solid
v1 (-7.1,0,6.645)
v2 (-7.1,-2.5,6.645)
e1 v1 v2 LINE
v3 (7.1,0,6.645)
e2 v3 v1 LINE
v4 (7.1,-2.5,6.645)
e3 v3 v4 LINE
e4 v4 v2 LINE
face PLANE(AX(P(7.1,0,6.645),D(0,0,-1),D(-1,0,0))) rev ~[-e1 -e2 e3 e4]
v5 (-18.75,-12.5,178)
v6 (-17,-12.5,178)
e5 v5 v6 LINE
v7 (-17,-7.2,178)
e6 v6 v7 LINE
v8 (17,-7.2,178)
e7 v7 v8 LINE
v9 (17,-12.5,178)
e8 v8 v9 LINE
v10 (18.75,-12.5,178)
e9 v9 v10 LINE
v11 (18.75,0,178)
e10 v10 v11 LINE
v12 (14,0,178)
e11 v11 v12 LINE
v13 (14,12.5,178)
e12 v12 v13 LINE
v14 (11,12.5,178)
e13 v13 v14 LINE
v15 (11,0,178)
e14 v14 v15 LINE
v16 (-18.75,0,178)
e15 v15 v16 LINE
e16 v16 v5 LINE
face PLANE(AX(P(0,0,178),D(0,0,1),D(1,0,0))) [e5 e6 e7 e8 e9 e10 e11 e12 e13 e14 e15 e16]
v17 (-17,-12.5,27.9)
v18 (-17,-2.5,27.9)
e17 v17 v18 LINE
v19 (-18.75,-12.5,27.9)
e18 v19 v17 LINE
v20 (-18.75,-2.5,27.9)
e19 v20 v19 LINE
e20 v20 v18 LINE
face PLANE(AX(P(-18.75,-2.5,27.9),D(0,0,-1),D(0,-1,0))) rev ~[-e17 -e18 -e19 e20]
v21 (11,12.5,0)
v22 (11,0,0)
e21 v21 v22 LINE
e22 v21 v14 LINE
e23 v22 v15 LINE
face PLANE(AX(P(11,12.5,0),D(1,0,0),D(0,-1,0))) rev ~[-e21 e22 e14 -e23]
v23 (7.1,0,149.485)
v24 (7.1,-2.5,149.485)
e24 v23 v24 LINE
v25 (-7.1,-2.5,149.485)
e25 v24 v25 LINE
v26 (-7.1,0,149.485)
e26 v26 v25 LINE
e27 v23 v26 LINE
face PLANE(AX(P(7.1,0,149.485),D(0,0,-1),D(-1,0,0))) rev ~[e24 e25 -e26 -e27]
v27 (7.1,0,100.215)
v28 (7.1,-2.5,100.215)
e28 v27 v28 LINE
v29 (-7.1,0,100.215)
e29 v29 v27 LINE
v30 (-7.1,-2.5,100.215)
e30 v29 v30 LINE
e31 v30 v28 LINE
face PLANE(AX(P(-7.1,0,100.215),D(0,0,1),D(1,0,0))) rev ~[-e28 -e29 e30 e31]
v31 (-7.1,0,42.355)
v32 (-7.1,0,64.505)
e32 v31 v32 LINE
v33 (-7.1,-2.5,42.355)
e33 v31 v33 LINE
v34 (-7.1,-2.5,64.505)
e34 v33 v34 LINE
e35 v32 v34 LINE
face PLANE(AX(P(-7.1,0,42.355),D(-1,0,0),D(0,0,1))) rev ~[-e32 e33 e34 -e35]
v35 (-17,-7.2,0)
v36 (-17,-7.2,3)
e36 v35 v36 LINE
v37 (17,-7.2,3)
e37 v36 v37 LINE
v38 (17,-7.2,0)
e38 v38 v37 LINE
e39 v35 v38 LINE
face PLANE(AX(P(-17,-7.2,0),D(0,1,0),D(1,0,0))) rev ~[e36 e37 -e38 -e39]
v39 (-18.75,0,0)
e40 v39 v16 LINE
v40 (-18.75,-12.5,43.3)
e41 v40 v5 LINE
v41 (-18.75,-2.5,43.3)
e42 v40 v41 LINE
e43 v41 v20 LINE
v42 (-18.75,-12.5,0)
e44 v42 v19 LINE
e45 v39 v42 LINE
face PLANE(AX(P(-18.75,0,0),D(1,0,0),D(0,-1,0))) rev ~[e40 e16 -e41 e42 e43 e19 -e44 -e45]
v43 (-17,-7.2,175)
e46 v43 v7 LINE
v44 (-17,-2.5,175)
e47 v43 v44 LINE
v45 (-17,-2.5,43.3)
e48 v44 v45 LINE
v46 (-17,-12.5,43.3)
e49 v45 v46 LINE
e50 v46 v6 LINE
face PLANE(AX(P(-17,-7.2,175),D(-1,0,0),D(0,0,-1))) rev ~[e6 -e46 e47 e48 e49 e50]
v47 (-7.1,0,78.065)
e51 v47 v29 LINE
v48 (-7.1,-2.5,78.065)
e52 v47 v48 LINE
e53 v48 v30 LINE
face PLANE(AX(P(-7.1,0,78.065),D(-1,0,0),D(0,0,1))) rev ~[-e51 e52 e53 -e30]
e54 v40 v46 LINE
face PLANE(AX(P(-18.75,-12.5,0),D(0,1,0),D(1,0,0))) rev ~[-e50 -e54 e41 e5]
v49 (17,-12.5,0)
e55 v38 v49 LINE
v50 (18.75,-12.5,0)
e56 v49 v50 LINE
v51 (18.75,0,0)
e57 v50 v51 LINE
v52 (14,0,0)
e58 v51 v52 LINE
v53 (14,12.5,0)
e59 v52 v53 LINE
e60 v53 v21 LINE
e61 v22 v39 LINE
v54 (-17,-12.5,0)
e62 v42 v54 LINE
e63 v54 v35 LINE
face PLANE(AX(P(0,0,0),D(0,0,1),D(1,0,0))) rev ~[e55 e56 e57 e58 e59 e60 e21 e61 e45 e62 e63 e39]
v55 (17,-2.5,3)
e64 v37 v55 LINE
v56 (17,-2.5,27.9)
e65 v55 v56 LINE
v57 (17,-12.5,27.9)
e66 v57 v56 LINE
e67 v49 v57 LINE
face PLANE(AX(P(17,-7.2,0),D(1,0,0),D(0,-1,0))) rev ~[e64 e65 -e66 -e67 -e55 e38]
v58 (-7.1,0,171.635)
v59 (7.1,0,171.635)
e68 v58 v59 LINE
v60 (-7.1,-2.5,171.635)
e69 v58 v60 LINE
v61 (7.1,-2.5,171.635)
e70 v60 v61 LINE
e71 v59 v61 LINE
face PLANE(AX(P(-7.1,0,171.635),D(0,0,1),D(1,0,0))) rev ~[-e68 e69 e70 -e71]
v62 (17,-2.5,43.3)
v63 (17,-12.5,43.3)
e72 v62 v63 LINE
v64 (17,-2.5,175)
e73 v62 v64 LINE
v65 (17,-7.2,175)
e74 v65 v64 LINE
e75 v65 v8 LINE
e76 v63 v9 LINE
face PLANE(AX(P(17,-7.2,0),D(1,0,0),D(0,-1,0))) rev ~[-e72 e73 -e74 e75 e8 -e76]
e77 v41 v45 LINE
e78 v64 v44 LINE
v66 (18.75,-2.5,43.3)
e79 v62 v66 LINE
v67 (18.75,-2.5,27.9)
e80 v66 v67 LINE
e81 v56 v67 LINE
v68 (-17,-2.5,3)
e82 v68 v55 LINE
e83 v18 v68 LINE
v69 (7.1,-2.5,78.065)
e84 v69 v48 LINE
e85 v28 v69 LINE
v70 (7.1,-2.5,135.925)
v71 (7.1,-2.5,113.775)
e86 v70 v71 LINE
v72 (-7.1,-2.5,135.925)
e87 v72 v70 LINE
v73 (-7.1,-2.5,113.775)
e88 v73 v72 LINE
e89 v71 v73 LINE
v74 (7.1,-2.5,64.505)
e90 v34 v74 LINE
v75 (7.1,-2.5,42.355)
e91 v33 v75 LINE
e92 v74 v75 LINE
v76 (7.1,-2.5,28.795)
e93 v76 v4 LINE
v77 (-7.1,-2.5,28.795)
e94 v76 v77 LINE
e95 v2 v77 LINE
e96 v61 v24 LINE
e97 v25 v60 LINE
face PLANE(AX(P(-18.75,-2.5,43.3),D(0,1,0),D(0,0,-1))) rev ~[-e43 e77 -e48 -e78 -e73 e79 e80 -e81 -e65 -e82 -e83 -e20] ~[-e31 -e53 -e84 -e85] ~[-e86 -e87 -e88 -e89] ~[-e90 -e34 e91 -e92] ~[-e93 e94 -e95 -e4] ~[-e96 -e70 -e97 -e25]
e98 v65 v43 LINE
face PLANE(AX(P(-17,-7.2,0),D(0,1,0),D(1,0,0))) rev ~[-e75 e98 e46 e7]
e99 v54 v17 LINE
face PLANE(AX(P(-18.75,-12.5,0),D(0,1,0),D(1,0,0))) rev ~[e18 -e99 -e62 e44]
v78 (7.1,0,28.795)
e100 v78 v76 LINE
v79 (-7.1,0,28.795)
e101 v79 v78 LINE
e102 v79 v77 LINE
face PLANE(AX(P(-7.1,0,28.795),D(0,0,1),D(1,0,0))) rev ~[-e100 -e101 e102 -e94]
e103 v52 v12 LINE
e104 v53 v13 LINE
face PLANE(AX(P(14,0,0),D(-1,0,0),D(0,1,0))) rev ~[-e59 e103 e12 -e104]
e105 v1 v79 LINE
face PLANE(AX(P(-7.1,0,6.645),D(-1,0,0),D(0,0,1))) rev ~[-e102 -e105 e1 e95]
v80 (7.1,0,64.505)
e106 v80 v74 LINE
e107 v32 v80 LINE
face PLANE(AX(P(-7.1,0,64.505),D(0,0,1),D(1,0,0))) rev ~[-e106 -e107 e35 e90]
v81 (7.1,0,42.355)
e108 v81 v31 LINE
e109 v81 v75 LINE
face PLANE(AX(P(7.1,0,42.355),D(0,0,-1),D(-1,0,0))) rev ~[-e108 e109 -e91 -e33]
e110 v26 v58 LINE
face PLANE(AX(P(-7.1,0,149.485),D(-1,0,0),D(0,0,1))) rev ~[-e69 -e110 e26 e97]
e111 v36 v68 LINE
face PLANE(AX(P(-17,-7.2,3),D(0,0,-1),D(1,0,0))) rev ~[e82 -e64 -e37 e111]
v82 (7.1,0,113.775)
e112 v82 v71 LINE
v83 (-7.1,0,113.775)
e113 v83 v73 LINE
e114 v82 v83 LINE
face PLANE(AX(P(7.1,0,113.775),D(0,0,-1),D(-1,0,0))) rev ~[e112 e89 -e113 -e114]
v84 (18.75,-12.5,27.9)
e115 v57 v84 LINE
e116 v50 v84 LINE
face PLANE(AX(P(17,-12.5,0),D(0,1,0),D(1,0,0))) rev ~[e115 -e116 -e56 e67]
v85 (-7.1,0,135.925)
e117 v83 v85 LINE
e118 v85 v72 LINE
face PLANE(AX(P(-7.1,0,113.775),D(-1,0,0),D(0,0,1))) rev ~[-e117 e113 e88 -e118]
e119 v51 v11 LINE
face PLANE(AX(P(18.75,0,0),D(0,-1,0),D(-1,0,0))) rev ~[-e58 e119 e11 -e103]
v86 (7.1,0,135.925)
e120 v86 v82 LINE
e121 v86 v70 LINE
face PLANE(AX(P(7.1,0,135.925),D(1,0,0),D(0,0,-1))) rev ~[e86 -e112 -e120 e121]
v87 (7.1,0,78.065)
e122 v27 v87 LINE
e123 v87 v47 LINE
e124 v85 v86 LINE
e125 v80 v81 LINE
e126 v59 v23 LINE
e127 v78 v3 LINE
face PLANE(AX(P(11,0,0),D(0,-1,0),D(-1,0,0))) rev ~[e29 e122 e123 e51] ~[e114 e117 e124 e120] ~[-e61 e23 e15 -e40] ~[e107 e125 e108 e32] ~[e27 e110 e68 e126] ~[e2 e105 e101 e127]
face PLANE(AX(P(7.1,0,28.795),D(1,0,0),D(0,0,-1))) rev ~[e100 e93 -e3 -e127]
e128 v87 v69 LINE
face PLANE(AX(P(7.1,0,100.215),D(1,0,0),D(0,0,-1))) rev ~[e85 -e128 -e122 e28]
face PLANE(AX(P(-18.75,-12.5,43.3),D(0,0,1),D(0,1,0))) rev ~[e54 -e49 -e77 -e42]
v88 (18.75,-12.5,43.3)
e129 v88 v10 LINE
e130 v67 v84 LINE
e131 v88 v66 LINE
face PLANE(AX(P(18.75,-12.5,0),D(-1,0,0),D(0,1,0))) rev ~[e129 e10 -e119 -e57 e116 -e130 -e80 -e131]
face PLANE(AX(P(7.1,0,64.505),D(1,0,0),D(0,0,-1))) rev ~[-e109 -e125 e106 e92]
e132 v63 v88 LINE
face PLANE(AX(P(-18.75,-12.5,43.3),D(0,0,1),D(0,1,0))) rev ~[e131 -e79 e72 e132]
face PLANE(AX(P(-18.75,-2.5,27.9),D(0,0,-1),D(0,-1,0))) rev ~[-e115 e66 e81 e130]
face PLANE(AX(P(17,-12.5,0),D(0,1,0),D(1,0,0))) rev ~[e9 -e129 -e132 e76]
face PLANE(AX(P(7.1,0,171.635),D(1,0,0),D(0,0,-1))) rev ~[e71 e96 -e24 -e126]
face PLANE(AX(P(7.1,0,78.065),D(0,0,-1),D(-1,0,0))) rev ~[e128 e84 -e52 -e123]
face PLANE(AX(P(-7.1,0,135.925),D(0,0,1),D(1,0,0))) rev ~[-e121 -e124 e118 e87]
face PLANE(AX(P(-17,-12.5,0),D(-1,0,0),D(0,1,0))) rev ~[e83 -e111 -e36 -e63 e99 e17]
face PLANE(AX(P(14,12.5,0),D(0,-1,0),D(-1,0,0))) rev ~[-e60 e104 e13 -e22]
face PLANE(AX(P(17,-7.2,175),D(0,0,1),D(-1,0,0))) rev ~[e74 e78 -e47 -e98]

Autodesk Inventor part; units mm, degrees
sketch "Sketch_1" plane through (0, 0, 0) normal (0, 0, 1) x (1, 0, 0)
  line L0 (-18.75, -12.5) -> (-17, -12.5)
  line L1 (-17, -12.5) -> (-17, -7.2)
  line L2 (-17, -7.2) -> (17, -7.2)
  line L3 (17, -7.2) -> (17, -12.5)
  line L4 (17, -12.5) -> (18.75, -12.5)
  line L5 (18.75, -12.5) -> (18.75, 0)
  line L6 (18.75, 0) -> (14, 0)
  line L7 (14, 0) -> (14, 12.5)
  line L8 (14, 12.5) -> (11, 12.5)
  line L9 (11, 12.5) -> (11, 0)
  line L10 (11, 0) -> (-18.75, 0)
  line L11 (-18.75, 0) -> (-18.75, -12.5)
extrude "Extrusion1" add sketch "Sketch_1" along normal blind 178
sketch "Sketch_2" plane through (-18.75, 0, 0) normal (0, 1, 0) x (0, 0, 1)
  line L0 (6.645, 11.65) -> (28.795, 11.65)
  line L1 (28.795, 11.65) -> (28.795, 25.85)
  line L2 (28.795, 25.85) -> (6.645, 25.85)
  line L3 (6.645, 25.85) -> (6.645, 11.65)
extrude "Extrusion2" cut sketch "Sketch_2" against normal blind 8
sketch "Sketch_3" plane through (-18.75, 0, 0) normal (0, 1, 0) x (0, 0, 1)
  line L0 (42.355, 25.85) -> (42.355, 11.65)
  line L1 (42.355, 11.65) -> (64.505, 11.65)
  line L2 (64.505, 11.65) -> (64.505, 25.85)
  line L3 (64.505, 25.85) -> (42.355, 25.85)
extrude "Extrusion3" cut sketch "Sketch_3" against normal blind 8
sketch "Sketch_4" plane through (-18.75, 0, 0) normal (0, 1, 0) x (0, 0, 1)
  line L0 (78.065, 11.65) -> (100.215, 11.65)
  line L1 (100.215, 11.65) -> (100.215, 25.85)
  line L2 (100.215, 25.85) -> (78.065, 25.85)
  line L3 (78.065, 25.85) -> (78.065, 11.65)
extrude "Extrusion4" cut sketch "Sketch_4" against normal blind 8
sketch "Sketch_5" plane through (-18.75, 0, 0) normal (0, 1, 0) x (0, 0, 1)
  line L0 (113.775, 25.85) -> (113.775, 11.65)
  line L1 (113.775, 11.65) -> (135.925, 11.65)
  line L2 (135.925, 11.65) -> (135.925, 25.85)
  line L3 (135.925, 25.85) -> (113.775, 25.85)
extrude "Extrusion5" cut sketch "Sketch_5" against normal blind 8
sketch "Sketch_6" plane through (-18.75, 0, 0) normal (0, 1, 0) x (0, 0, 1)
  line L0 (149.485, 25.85) -> (149.485, 11.65)
  line L1 (149.485, 11.65) -> (171.635, 11.65)
  line L2 (171.635, 11.65) -> (171.635, 25.85)
  line L3 (171.635, 25.85) -> (149.485, 25.85)
extrude "Extrusion6" cut sketch "Sketch_6" against normal blind 8
sketch "Sketch_10" plane through (-18.75, -12.5, 0) normal (-1, 0, 0) x (0, 0, 1)
  line L0 (27.9, 10) -> (27.9, 0)
  line L1 (27.9, 0) -> (43.3, 0)
  line L2 (43.3, 0) -> (43.3, 10)
  line L3 (43.3, 10) -> (27.9, 10)
extrude "Extrusion7" cut sketch "Sketch_10" against normal blind 37.5
sketch "Sketch_13" plane through (-17, -7.2, 0) normal (0, -1, 0) x (1, 0, 0)
  line L0 (0, 175) -> (0, 3)
  line L1 (0, 3) -> (34, 3)
  line L2 (34, 3) -> (34, 175)
  line L3 (34, 175) -> (0, 175)
extrude "Extrusion8" cut sketch "Sketch_13" against normal blind 4.7
ref_plane "p_XY" through (0, 0, 0) normal (0, 1, 0) x (1, 0, 0)
ref_plane "p_YZ" through (0, 0, 0) normal (1, 0, 0) x (0, 0, -1)
ref_plane "p_ZX" through (0, 0, 0) normal (0, 0, -1) x (0, 1, 0)
ref_plane "p1_XY" through (0, -9.5, 17.72) normal (1, 0, 0) x (0, 0, -1)
ref_plane "p1_YZ" through (0, -9.5, 17.72) normal (0, 0, -1) x (0, 1, 0)
ref_plane "p1_ZX" through (0, -9.5, 17.72) normal (0, 1, 0) x (1, 0, 0)
ref_plane "p2_XY" through (0, -9.5, 53.43) normal (1, 0, 0) x (0, 0, -1)
ref_plane "p2_YZ" through (0, -9.5, 53.43) normal (0, 0, -1) x (0, 1, 0)
ref_plane "p2_ZX" through (0, -9.5, 53.43) normal (0, 1, 0) x (1, 0, 0)
ref_plane "p3_XY" through (0, -9.5, 89.14) normal (1, 0, 0) x (0, 0, -1)
ref_plane "p3_YZ" through (0, -9.5, 89.14) normal (0, 0, -1) x (0, 1, 0)
ref_plane "p3_ZX" through (0, -9.5, 89.14) normal (0, 1, 0) x (1, 0, 0)
ref_plane "p4_XY" through (0, -9.5, 124.85) normal (1, 0, 0) x (0, 0, -1)
ref_plane "p4_YZ" through (0, -9.5, 124.85) normal (0, 0, -1) x (0, 1, 0)
ref_plane "p4_ZX" through (0, -9.5, 124.85) normal (0, 1, 0) x (1, 0, 0)
ref_plane "p5_XY" through (0, -9.5, 160.56) normal (1, 0, 0) x (0, 0, -1)
ref_plane "p5_YZ" through (0, -9.5, 160.56) normal (0, 0, -1) x (0, 1, 0)
ref_plane "p5_ZX" through (0, -9.5, 160.56) normal (0, 1, 0) x (1, 0, 0)
ref_plane "p6_XY" through (0, -9.5, 196.27) normal (1, 0, 0) x (0, 0, -1)
ref_plane "p6_YZ" through (0, -9.5, 196.27) normal (0, 0, -1) x (0, 1, 0)
ref_plane "p6_ZX" through (0, -9.5, 196.27) normal (0, 1, 0) x (1, 0, 0)
ref_plane "p7_XY" through (0, -9.5, 231.98) normal (1, 0, 0) x (0, 0, -1)
ref_plane "p7_YZ" through (0, -9.5, 231.98) normal (0, 0, -1) x (0, 1, 0)
ref_plane "p7_ZX" through (0, -9.5, 231.98) normal (0, 1, 0) x (1, 0, 0)
properties part number "PRO10282 Rollenleiste Abdeckung mit Seitenfuehrung 178"
